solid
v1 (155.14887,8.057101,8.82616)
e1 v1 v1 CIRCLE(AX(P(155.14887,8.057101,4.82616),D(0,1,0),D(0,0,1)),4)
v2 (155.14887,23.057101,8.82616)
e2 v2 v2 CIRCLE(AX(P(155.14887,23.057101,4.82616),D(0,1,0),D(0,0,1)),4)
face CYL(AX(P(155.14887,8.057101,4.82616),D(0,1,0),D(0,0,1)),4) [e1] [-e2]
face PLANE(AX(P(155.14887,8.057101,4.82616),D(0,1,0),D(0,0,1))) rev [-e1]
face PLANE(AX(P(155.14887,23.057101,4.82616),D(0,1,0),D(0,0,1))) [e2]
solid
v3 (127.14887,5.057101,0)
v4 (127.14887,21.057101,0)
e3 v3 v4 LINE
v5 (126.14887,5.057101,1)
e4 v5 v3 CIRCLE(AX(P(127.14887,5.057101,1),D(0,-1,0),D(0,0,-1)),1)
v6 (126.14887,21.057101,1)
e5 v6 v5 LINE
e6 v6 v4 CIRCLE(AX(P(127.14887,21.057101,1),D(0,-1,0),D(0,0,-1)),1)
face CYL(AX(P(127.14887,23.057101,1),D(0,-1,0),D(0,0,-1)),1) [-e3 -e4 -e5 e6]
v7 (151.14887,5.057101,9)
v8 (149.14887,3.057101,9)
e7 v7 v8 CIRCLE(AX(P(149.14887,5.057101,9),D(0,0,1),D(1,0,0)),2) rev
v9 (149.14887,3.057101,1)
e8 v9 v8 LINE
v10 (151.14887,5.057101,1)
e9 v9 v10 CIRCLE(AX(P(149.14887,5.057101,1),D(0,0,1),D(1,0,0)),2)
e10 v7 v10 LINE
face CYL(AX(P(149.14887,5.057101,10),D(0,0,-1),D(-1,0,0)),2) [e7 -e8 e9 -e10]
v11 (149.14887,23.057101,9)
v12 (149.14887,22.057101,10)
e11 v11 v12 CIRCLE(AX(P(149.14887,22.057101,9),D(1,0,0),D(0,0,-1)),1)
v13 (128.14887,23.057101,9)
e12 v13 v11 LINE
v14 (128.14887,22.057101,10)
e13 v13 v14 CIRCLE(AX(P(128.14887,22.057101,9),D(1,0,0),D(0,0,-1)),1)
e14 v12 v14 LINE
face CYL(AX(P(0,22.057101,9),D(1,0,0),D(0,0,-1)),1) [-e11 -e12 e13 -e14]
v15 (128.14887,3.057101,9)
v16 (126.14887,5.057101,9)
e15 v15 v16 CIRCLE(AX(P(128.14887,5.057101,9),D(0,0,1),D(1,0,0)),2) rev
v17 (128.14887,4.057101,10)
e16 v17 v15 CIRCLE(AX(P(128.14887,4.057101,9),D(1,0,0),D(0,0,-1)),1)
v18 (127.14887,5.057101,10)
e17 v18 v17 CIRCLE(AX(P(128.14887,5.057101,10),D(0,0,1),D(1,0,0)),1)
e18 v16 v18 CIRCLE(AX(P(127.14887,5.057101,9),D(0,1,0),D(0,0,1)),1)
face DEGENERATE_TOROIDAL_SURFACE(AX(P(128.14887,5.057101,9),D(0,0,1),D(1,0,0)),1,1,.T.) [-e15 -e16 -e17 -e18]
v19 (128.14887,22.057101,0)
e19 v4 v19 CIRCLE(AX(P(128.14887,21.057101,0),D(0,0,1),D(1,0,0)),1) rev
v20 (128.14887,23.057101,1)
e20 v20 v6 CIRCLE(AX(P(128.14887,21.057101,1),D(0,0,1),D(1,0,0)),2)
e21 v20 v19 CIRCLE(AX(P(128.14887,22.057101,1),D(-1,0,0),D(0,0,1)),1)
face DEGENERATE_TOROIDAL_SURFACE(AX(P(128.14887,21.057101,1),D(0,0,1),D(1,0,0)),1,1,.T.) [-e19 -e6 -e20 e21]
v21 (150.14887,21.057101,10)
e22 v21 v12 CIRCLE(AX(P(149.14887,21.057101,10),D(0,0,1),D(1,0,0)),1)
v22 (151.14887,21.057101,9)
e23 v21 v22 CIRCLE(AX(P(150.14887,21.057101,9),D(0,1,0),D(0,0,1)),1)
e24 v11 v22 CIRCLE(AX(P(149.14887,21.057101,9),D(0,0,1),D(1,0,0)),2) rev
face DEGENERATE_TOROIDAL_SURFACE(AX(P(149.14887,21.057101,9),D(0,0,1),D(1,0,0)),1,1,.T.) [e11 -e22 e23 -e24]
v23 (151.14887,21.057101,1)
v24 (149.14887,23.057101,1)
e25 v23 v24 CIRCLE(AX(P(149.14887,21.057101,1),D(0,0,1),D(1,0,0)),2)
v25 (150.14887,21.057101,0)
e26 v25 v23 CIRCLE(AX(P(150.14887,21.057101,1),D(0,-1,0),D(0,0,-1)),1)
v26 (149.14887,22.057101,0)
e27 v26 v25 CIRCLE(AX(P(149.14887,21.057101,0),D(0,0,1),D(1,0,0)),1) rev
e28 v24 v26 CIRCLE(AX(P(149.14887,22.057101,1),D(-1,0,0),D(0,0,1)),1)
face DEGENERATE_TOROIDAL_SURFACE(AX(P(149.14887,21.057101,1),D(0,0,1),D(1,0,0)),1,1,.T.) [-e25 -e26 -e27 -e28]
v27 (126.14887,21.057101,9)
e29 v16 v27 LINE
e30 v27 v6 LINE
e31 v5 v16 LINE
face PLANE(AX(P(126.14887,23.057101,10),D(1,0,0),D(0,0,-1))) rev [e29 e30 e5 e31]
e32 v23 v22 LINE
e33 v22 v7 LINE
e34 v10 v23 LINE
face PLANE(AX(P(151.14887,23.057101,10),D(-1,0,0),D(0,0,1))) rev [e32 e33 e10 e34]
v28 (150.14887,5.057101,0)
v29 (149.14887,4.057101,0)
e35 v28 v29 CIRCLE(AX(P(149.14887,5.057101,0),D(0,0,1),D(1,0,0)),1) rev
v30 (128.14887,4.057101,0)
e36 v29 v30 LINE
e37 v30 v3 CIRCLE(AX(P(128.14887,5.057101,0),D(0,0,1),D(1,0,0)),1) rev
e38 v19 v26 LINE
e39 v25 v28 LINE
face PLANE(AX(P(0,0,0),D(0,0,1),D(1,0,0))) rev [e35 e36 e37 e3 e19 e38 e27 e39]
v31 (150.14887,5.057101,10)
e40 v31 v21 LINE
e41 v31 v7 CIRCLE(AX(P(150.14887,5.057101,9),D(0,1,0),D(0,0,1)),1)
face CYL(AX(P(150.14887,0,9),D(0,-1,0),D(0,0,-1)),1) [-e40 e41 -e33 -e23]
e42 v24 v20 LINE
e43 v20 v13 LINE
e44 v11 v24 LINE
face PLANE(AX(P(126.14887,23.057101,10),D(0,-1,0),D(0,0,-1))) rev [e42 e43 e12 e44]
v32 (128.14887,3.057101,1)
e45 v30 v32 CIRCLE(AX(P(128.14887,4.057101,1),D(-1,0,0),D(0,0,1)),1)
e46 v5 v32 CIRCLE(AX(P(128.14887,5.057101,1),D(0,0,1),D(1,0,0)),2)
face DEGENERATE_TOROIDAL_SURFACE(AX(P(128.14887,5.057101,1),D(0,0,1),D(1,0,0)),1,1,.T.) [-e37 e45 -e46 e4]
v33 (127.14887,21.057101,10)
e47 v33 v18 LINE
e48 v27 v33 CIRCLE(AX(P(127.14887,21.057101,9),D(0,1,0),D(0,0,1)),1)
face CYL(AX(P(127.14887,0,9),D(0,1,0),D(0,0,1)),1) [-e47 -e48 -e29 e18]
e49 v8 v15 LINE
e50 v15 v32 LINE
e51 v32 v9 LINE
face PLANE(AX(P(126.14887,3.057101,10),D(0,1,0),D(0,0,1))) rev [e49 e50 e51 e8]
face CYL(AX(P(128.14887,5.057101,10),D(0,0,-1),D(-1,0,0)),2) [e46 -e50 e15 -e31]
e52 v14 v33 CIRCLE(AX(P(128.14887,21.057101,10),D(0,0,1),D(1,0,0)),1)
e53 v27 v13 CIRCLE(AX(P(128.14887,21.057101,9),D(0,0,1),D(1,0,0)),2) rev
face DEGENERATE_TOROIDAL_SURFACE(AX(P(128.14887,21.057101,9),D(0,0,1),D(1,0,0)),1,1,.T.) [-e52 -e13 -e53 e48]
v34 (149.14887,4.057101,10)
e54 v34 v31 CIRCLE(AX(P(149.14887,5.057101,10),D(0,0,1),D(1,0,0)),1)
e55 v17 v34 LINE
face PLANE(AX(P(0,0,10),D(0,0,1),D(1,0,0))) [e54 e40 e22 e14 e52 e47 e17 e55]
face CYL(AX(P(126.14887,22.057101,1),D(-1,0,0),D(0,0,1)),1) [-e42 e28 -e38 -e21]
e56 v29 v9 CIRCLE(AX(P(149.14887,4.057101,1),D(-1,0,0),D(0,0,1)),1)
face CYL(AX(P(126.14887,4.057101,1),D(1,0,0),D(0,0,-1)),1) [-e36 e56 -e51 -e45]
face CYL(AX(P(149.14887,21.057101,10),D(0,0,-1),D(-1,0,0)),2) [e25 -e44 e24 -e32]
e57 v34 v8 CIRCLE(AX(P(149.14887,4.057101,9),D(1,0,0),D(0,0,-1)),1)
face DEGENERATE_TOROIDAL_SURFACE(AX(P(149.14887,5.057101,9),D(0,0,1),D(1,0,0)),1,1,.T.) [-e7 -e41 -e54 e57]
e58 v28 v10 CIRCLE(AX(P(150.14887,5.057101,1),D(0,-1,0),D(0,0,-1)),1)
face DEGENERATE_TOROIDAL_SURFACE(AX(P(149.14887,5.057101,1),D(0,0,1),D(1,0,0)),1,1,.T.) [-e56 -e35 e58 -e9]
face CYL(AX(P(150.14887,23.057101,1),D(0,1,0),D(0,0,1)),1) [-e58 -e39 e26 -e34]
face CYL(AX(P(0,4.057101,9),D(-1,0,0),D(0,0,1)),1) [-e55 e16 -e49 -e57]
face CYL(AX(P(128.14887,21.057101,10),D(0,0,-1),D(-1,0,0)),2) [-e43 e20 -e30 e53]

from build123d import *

# Parameters (mm, degrees)
SKETCH1_W           = 25
SKETCH1_H           = 20
BOSS_EXTRUDE1_DEPTH = 10
SKETCH2_R           = 4
BOSS_EXTRUDE2_DEPTH = 15
FILLET1_R           = 2
FILLET2_R           = 1


with BuildPart() as part:
    # Sketch1 → Boss-Extrude1 (new body)
    with BuildSketch(Plane.XY):
        with Locations((138.648869639, 13.05710113)):
            Rectangle(SKETCH1_W, SKETCH1_H)
    extrude(amount=BOSS_EXTRUDE1_DEPTH)

    # Fillet1
    fillet1_edges = [part.edges().sort_by_distance(p)[0] for p in [
        (126.148869639, 23.05710113, 5),
        (151.148869639, 23.05710113, 5),
        (151.148869639, 3.05710113, 5),
        (126.148869639, 3.05710113, 5),
    ]]
    fillet(fillet1_edges, radius=FILLET1_R)

    # Fillet2
    fillet2_edges = [part.edges().sort_by_distance(p)[0] for p in [
        (126.148869639, 13.05710113, 0),
        (126.148869639, 13.05710113, 10),
        (138.648869639, 23.05710113, 0),
        (151.148869639, 13.05710113, 0),
        (138.648869639, 3.05710113, 0),
        (126.734656077, 3.642887568, 0),
        (150.563083201, 3.642887568, 0),
        (150.563083201, 22.471314692, 0),
        (126.734656077, 22.471314692, 0),
        (138.648869639, 23.05710113, 10),
        (138.648869639, 3.05710113, 10),
        (151.148869639, 13.05710113, 10),
        (126.734656077, 3.642887568, 10),
        (150.563083201, 3.642887568, 10),
        (150.563083201, 22.471314692, 10),
        (126.734656077, 22.471314692, 10),
    ]]
    fillet(fillet2_edges, radius=FILLET2_R)


with BuildPart() as body_2:
    # Sketch2 → Boss-Extrude2 (new body)
    with BuildSketch(Plane(origin=(0, 23.05710113, 0), x_dir=(1, 0, 0), z_dir=(0, 1, 0))):
        with Locations(Location((155.148869639, -4.82615975, 0), (0, 0, 270))):
            Circle(SKETCH2_R)
    extrude(amount=-BOSS_EXTRUDE2_DEPTH)


solid = Compound([part.part, body_2.part])
